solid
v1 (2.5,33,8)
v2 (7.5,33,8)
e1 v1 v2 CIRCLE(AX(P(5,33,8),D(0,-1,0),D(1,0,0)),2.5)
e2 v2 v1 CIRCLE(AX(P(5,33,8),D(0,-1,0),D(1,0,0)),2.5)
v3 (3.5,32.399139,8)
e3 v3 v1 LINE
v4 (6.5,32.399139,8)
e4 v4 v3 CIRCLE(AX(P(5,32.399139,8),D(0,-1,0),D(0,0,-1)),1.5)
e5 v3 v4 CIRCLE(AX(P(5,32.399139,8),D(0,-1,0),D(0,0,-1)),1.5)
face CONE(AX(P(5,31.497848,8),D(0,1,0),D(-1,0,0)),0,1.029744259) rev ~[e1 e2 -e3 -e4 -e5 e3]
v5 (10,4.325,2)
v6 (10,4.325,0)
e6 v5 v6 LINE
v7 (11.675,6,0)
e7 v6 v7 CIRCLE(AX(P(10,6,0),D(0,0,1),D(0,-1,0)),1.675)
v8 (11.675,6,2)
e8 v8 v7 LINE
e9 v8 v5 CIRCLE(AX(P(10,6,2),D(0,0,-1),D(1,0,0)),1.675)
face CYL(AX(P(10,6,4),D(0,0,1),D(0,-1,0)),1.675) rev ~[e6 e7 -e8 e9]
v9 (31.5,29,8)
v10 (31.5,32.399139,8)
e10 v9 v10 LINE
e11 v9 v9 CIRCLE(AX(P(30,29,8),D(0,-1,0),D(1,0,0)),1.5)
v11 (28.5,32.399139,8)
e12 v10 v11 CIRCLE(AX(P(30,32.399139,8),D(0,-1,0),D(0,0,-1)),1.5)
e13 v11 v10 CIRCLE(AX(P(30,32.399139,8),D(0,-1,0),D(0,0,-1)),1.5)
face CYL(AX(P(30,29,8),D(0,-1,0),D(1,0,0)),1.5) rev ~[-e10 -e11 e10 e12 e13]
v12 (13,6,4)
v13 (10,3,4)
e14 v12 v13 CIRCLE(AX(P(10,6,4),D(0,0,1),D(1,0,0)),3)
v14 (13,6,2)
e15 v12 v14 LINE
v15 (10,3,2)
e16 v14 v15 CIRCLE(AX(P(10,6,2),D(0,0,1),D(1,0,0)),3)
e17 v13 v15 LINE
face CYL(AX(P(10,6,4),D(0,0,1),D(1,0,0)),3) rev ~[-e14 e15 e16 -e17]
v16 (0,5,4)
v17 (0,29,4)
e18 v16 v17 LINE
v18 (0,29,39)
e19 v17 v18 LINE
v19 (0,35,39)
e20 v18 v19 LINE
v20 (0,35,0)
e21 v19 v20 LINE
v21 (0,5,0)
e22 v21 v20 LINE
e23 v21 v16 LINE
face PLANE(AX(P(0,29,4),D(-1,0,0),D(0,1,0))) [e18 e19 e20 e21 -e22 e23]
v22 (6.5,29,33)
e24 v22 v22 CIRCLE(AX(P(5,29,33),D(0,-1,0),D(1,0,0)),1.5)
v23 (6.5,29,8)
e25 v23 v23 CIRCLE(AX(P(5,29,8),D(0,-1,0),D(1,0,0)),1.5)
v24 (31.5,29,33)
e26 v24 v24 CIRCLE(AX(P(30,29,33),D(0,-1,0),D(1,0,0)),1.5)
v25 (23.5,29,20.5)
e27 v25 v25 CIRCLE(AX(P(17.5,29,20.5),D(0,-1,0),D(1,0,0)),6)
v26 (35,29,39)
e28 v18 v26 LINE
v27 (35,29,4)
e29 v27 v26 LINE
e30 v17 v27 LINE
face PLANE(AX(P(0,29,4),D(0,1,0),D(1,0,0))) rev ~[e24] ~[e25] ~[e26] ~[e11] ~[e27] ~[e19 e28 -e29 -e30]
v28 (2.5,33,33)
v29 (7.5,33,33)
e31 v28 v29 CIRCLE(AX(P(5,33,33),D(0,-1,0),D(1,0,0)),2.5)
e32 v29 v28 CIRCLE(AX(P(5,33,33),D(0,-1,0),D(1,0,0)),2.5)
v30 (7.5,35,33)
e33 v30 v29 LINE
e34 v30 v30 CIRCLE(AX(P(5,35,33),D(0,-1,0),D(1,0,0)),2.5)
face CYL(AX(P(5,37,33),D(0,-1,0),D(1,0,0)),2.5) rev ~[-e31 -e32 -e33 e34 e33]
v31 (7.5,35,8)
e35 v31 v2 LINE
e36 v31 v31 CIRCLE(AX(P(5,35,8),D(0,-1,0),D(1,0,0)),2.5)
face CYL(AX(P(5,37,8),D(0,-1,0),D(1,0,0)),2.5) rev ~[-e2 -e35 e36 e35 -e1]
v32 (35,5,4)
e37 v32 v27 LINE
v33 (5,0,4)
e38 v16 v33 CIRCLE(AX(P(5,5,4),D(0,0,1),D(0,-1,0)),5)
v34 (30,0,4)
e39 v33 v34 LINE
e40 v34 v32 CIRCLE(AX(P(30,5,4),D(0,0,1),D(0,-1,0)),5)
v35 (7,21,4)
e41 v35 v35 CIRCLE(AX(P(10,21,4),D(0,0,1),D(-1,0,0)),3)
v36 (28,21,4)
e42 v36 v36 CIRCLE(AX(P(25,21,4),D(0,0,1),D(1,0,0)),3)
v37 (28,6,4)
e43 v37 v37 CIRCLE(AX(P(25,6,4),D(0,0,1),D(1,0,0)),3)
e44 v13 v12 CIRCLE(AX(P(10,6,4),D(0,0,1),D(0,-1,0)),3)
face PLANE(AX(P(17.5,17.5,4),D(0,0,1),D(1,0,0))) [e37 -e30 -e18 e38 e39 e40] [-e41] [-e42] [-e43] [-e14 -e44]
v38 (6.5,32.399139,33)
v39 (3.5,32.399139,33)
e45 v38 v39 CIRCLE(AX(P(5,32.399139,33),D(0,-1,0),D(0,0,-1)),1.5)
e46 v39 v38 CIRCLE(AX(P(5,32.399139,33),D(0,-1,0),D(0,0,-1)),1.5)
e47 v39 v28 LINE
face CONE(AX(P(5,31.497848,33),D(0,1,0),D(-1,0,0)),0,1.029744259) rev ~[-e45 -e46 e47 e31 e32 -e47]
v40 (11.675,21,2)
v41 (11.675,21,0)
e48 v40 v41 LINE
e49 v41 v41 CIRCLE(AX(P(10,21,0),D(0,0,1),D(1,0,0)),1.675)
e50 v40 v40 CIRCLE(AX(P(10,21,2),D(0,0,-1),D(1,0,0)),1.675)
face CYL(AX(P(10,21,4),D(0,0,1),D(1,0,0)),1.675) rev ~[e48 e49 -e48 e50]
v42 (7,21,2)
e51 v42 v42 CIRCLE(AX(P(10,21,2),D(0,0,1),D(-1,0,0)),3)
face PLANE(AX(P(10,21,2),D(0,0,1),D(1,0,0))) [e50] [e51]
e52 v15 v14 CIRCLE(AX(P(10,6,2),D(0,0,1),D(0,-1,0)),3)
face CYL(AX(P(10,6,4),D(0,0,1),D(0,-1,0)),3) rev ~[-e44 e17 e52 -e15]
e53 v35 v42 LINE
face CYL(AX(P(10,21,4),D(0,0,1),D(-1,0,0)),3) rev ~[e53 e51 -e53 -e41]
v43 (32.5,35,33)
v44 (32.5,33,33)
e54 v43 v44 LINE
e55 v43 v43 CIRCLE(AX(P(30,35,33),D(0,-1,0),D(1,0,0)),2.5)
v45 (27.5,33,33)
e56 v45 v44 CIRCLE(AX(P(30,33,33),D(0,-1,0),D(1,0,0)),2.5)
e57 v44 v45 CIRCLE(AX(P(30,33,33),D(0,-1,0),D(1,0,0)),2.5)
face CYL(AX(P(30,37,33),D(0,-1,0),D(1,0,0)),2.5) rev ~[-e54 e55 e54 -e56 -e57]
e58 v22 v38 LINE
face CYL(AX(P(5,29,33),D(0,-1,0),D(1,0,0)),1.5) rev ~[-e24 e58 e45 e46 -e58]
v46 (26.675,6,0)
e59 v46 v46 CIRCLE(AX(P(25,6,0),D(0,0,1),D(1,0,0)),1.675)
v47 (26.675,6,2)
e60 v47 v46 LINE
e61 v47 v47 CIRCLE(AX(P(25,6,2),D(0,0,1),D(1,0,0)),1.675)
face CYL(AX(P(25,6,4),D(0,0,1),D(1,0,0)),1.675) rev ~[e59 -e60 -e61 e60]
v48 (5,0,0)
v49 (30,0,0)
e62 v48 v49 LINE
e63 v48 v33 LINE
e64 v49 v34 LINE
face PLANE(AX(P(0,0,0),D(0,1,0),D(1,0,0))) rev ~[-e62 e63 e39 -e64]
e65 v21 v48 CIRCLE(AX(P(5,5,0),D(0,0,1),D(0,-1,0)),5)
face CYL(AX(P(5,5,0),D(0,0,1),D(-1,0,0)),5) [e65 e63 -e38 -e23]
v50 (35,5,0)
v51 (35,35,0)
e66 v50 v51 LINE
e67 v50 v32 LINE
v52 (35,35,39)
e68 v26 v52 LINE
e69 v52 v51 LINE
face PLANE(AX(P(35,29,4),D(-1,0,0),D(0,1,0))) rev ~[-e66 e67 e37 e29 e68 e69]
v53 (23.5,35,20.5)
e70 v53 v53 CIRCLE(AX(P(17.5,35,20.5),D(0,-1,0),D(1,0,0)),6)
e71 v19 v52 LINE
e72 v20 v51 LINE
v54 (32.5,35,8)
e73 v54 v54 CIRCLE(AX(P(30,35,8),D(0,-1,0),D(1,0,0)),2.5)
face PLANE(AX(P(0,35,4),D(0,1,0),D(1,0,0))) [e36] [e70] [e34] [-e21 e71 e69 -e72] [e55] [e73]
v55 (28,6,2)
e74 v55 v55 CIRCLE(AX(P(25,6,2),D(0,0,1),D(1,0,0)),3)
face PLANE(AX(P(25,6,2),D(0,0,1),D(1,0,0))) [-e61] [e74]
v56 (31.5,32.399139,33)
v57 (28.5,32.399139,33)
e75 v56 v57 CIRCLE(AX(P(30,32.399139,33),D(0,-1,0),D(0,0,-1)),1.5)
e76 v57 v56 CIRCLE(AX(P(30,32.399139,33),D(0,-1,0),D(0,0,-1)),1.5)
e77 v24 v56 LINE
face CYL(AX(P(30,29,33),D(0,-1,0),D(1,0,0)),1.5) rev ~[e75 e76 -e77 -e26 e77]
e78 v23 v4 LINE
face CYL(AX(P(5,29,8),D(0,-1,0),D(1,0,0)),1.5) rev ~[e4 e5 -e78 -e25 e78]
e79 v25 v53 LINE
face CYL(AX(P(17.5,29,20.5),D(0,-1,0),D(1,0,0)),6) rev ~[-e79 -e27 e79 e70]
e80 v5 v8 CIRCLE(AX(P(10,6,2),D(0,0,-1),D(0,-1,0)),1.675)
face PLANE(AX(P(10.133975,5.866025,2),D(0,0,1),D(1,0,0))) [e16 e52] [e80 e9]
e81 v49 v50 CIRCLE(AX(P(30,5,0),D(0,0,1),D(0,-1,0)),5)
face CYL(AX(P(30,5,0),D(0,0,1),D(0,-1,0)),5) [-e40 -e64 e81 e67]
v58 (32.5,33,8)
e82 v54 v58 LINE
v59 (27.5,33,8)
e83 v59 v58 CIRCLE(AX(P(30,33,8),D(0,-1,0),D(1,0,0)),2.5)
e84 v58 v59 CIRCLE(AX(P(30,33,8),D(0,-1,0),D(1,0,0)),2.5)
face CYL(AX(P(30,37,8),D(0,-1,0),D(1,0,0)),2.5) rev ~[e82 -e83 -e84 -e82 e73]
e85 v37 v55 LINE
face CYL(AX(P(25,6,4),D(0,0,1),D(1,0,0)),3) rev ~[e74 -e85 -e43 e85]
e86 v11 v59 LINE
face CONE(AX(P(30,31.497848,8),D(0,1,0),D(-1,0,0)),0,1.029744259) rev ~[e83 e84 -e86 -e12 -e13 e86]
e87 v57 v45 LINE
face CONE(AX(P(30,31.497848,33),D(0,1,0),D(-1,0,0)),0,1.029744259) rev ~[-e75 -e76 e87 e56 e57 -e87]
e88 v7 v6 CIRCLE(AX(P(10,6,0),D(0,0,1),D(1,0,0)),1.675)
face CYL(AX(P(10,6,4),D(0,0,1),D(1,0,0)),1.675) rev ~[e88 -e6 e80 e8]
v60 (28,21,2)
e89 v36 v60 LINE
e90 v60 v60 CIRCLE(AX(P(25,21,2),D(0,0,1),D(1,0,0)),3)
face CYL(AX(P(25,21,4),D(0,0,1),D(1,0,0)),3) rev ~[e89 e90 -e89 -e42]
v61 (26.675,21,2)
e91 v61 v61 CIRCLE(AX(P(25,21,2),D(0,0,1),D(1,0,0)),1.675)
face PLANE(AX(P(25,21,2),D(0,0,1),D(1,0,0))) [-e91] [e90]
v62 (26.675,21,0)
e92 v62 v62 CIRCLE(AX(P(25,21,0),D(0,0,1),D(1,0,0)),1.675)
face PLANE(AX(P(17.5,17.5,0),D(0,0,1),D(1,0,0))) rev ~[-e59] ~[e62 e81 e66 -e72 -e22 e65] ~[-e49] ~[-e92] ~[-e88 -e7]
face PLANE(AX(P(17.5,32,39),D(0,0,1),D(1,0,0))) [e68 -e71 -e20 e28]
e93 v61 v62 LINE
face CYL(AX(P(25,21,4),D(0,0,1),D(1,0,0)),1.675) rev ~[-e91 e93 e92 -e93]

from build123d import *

# Parameters (mm, degrees)
F0_W      = 35
F0_H      = 35
F1_DEPTH  = 4
F2_R      = 3
F2_R_2    = 1.675
F4_DEPTH  = 2
F5_R      = 5
F6_DEPTH  = 12.5
F3_W      = 35
F3_H      = 6
F7_DEPTH  = 35
F8_R      = 6
F8_R_2    = 1.5
F9_DEPTH  = 6.001
F11_D     = 5
F11_DEPTH = 2
F11_TIP   = 1.5021515476


with BuildPart() as f1:
    # F0 (on Top) → F1 (new body)
    with BuildSketch(Plane.XY):
        with Locations((17.5, 17.5)):
            Rectangle(F0_W, F0_H)
    extrude(amount=F1_DEPTH)

    # F2 (on face) → F4 (cut)
    with BuildSketch(Plane.XY.offset(4)):
        with BuildLine():
            ThreePointArc((13, 21), (10, 24), (7, 21))
            ThreePointArc((7, 21), (10, 18), (13, 21))
        make_face()
        with BuildLine():
            ThreePointArc((8.325, 21), (10, 22.675), (11.675, 21))
            ThreePointArc((11.675, 21), (10, 19.325), (8.325, 21))
        make_face(mode=Mode.SUBTRACT)
        with Locations((25, 21)):
            Circle(F2_R)
        with Locations((25, 21)):
            Circle(F2_R_2, mode=Mode.SUBTRACT)
        with Locations((25, 6)):
            Circle(F2_R)
        with Locations((25, 6)):
            Circle(F2_R_2, mode=Mode.SUBTRACT)
        with BuildLine():
            ThreePointArc((13, 6), (7.8786796564, 8.1213203436), (10, 3))
            ThreePointArc((10, 3), (12.1213203436, 3.8786796564), (13, 6))
        make_face()
        with BuildLine():
            ThreePointArc((11.675, 6), (11.1844038585, 4.8155961415), (10, 4.325))
            ThreePointArc((10, 4.325), (8.8155961415, 7.1844038585), (11.675, 6))
        make_face(mode=Mode.SUBTRACT)
    extrude(amount=-F4_DEPTH, mode=Mode.SUBTRACT)

    # F5
    f5_edges = [f1.edges().sort_by_distance(p)[0] for p in [
        (0, 0, 2),
        (35, 0, 2),
    ]]
    fillet(f5_edges, radius=F5_R)

    # F2 (on face) → F6 (cut, symmetric)
    with BuildSketch(Plane.XY.offset(4)):
        with BuildLine():
            ThreePointArc((8.325, 21), (10, 19.325), (11.675, 21))
            ThreePointArc((11.675, 21), (10, 22.675), (8.325, 21))
        make_face()
        with Locations((25, 21)):
            Circle(F2_R_2)
        with Locations((25, 6)):
            Circle(F2_R_2)
        with BuildLine():
            ThreePointArc((11.675, 6), (8.8155961415, 7.1844038585), (10, 4.325))
            ThreePointArc((10, 4.325), (11.1844038585, 4.8155961415), (11.675, 6))
        make_face()
    extrude(amount=F6_DEPTH, both=True, mode=Mode.SUBTRACT)

    # F3 (on face) → F7 (join)
    with BuildSketch(Plane.XY.offset(4)):
        with Locations((17.5, 32)):
            Rectangle(F3_W, F3_H)
    extrude(amount=F7_DEPTH)

    # F8 (on face) → F9 (cut, through all)
    with BuildSketch(Plane.XZ.offset(-29)):
        with Locations((17.5, 20.5)):
            Circle(F8_R)
        with Locations((30, 33)):
            Circle(F8_R_2)
        with Locations((5, 33)):
            Circle(F8_R_2)
        with Locations((5, 8)):
            Circle(F8_R_2)
        with Locations((30, 8)):
            Circle(F8_R_2)
    extrude(amount=-F9_DEPTH, mode=Mode.SUBTRACT)

    # F11
    with Locations(Plane(origin=(0, 35, 0), x_dir=(-1, 0, 0), z_dir=(0, 1, 0))):
        with Locations((-30, 33), (-30, 8), (-5, 8), (-5, 33)):
            Hole(F11_D / 2, depth=F11_DEPTH)
            with Locations((0, 0, -(F11_DEPTH + F11_TIP / 2))):  # 118° drill point
                Cone(0, F11_D / 2, F11_TIP, mode=Mode.SUBTRACT)


solid = f1.part
